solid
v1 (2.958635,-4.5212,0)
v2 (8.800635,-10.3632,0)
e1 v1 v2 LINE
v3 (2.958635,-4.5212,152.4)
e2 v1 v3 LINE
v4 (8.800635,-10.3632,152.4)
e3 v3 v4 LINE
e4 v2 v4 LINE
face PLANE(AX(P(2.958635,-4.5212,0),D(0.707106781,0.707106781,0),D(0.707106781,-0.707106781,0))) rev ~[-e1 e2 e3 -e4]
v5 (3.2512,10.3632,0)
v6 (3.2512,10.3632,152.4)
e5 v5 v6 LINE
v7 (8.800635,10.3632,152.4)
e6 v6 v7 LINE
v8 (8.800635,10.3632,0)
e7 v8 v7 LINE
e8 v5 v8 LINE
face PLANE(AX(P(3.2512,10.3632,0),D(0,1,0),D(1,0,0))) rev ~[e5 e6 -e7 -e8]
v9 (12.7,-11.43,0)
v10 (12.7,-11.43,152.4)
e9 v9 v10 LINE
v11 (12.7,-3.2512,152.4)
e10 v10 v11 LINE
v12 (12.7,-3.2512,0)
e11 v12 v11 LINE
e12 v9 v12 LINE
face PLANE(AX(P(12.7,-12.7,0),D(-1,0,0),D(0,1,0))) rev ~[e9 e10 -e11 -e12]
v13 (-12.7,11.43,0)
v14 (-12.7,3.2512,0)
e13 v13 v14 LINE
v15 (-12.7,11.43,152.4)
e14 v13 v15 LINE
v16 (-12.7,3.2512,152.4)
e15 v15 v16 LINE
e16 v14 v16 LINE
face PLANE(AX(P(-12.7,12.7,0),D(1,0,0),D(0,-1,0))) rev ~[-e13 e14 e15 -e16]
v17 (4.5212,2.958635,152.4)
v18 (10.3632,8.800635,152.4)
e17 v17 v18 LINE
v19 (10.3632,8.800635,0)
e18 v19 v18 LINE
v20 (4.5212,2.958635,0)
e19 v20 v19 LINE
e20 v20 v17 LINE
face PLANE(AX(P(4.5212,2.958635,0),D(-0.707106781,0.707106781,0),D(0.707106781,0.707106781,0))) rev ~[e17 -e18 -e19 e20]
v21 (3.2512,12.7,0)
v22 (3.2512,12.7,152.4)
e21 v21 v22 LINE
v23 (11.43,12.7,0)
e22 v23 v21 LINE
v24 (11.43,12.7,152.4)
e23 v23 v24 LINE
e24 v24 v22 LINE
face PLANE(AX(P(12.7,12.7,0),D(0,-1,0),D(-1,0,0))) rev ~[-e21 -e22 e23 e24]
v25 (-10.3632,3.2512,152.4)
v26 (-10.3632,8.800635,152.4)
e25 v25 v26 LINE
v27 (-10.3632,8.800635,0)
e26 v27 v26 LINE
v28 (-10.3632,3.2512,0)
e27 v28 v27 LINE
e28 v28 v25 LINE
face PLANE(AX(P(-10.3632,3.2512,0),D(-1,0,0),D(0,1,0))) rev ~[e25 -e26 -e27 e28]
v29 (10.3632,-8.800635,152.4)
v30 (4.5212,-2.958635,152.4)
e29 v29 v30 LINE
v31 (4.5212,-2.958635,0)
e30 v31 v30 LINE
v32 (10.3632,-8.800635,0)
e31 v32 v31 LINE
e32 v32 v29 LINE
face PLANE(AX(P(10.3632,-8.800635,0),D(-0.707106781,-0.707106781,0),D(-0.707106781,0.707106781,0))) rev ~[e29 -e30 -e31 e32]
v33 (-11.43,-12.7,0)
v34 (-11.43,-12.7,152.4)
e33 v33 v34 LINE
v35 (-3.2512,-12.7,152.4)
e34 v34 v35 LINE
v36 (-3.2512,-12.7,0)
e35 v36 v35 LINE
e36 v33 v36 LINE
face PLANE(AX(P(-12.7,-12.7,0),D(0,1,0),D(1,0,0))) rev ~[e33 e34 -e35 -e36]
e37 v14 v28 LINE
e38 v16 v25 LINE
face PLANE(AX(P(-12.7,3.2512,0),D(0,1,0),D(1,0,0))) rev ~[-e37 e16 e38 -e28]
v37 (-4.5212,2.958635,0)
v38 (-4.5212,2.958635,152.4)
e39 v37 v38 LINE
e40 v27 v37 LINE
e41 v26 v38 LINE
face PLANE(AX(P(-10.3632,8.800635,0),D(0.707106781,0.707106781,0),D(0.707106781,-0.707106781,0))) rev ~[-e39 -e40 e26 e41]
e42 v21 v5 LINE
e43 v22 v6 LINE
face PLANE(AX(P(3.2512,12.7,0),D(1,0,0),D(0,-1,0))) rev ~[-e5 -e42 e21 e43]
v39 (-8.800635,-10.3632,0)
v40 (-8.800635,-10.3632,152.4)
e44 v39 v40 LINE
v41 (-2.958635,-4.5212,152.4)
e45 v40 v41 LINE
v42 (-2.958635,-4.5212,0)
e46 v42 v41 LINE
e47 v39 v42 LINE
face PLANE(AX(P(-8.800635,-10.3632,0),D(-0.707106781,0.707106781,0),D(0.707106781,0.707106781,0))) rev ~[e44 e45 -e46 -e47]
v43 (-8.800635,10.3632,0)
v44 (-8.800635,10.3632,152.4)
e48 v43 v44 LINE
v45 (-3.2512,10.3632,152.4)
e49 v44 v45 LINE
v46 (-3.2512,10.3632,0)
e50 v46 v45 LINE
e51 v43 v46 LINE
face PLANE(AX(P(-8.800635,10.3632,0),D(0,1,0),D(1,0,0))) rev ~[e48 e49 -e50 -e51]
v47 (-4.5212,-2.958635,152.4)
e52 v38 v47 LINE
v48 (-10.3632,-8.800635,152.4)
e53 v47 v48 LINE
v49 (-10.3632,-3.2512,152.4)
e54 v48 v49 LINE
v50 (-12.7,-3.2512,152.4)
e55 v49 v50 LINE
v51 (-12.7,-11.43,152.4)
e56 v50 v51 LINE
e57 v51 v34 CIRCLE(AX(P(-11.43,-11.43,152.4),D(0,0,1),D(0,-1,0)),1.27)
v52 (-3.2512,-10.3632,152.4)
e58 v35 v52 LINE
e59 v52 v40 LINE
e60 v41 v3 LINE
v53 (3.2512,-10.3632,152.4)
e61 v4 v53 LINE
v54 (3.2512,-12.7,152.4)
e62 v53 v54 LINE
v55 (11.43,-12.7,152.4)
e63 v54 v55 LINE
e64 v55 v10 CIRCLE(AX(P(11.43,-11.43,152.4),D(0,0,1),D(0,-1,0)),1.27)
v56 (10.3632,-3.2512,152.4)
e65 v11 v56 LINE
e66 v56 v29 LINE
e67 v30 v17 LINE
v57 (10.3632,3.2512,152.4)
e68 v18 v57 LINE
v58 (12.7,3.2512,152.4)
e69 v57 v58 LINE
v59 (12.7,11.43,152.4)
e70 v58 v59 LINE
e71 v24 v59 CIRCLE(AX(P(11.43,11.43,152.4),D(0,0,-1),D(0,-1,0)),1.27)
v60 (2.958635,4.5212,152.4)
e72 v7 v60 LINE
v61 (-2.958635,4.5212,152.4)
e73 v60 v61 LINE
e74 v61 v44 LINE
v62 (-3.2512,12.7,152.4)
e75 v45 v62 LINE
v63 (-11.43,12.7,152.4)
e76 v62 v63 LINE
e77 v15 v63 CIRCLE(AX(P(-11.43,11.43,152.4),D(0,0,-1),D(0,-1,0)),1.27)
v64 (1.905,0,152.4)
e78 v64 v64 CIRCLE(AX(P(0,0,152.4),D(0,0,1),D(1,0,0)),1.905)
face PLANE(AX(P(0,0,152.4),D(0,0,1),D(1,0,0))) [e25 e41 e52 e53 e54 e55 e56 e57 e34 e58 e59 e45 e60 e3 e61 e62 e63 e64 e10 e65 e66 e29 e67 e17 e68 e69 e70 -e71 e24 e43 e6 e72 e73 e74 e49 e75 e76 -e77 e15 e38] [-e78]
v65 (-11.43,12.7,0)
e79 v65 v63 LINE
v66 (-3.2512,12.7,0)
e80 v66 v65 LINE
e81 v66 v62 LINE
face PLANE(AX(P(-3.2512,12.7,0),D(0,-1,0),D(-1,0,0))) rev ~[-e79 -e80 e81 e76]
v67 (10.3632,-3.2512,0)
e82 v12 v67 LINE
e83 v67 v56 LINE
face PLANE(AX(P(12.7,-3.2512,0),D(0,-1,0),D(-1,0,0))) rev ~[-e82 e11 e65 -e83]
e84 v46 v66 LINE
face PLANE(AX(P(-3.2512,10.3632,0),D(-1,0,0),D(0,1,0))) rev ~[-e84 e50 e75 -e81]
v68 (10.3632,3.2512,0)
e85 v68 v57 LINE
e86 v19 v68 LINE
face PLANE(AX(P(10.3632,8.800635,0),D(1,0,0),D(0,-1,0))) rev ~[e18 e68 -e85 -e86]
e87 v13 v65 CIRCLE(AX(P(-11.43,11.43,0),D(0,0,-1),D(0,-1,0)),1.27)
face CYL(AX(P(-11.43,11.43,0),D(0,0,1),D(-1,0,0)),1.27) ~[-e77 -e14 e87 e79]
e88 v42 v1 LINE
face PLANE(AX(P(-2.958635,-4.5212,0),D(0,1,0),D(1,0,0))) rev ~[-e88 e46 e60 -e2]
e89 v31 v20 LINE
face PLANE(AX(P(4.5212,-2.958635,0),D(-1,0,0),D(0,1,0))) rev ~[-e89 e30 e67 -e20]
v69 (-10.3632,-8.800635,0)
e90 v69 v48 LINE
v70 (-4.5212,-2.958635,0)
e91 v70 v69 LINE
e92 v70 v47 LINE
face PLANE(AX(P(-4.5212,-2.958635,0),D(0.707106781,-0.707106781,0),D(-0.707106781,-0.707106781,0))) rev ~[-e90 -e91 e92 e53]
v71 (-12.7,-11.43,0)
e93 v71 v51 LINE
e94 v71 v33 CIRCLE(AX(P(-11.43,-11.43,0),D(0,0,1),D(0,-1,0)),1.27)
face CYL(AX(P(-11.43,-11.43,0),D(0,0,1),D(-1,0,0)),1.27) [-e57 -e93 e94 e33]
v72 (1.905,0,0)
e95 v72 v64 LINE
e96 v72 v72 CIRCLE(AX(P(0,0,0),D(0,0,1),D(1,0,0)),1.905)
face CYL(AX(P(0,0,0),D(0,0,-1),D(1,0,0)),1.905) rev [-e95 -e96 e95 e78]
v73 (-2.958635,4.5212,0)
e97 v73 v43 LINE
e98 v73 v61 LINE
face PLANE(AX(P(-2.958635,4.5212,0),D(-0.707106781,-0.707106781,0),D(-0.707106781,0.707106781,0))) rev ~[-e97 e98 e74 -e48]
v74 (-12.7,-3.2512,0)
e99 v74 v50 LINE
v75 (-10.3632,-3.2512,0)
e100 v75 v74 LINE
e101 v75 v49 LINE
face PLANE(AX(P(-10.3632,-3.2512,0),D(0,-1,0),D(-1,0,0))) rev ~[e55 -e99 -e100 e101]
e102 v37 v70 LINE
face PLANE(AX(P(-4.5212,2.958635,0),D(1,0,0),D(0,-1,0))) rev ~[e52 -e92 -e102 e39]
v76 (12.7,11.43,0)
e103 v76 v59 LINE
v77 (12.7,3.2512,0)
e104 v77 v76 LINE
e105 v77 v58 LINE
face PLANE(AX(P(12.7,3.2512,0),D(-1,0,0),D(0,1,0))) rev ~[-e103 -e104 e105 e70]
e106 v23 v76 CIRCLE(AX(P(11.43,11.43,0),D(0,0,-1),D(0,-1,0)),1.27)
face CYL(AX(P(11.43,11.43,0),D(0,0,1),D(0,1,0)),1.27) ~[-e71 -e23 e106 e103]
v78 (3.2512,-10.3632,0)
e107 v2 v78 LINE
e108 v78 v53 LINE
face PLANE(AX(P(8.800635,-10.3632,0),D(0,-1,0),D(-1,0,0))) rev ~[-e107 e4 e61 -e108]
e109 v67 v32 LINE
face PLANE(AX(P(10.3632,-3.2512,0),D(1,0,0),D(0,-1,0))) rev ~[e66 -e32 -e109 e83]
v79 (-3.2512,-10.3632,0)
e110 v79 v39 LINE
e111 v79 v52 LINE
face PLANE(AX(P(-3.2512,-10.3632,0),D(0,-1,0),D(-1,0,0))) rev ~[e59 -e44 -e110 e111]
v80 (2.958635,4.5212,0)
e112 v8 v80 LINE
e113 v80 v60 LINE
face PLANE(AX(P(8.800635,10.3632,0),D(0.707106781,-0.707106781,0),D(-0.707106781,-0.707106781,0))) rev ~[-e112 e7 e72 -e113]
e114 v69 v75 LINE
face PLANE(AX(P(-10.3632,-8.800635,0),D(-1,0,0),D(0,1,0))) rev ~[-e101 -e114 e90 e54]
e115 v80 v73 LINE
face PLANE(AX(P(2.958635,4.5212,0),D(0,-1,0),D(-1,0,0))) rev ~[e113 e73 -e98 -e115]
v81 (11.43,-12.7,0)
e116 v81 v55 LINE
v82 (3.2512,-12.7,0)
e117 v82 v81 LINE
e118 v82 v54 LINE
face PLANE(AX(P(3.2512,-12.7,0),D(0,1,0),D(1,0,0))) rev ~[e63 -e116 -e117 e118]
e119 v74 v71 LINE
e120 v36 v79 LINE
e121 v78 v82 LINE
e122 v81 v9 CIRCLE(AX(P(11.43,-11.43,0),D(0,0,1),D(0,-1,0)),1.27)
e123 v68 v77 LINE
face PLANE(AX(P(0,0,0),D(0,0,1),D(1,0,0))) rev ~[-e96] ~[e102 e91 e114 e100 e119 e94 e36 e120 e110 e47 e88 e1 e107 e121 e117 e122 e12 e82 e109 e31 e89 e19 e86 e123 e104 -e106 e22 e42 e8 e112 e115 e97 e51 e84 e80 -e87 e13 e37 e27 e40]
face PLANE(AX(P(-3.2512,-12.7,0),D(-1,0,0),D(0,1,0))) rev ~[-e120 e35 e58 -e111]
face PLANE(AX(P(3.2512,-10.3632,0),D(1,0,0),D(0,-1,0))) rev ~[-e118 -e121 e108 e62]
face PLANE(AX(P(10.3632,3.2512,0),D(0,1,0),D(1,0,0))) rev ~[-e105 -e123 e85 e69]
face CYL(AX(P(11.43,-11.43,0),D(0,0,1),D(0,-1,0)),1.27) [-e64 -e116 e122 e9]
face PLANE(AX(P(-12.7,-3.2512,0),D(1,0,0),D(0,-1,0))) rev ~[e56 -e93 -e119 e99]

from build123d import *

# Parameters (mm, degrees)
F0_R     = 1.905
F1_DEPTH = 152.4
F2_R     = 1.27


with BuildPart() as f1:
    # F0 (on Top) → F1 (new body)
    with BuildSketch(Plane.XY):
        Polygon((-12.7, -3.2512), (-12.7, -12.7), (-3.2512, -12.7), (-3.2512, -10.3632), (-8.800635, -10.3632), (-2.958635, -4.5212), (2.958635, -4.5212), (8.800635, -10.3632), (3.2512, -10.3632), (3.2512, -12.7), (12.7, -12.7), (12.7, -3.2512), (10.3632, -3.2512), (10.3632, -8.800635), (4.5212, -2.958635), (4.5212, 2.958635), (10.3632, 8.800635), (10.3632, 3.2512), (12.7, 3.2512), (12.7, 12.7), (3.2512, 12.7), (3.2512, 10.3632), (8.800635, 10.3632), (2.958635, 4.5212), (-2.958635, 4.5212), (-8.800635, 10.3632), (-3.2512, 10.3632), (-3.2512, 12.7), (-12.7, 12.7), (-12.7, 3.2512), (-10.3632, 3.2512), (-10.3632, 8.800635), (-4.5212, 2.958635), (-4.5212, -2.958635), (-10.3632, -8.800635), (-10.3632, -3.2512), align=None)
        Circle(F0_R, mode=Mode.SUBTRACT)
    extrude(amount=F1_DEPTH)

    # F2
    f2_edges = [f1.edges().sort_by_distance(p)[0] for p in [
        (-12.7, 12.7, 76.2),
        (12.7, 12.7, 76.2),
        (12.7, -12.7, 76.2),
        (-12.7, -12.7, 76.2),
    ]]
    fillet(f2_edges, radius=F2_R)


solid = f1.part
